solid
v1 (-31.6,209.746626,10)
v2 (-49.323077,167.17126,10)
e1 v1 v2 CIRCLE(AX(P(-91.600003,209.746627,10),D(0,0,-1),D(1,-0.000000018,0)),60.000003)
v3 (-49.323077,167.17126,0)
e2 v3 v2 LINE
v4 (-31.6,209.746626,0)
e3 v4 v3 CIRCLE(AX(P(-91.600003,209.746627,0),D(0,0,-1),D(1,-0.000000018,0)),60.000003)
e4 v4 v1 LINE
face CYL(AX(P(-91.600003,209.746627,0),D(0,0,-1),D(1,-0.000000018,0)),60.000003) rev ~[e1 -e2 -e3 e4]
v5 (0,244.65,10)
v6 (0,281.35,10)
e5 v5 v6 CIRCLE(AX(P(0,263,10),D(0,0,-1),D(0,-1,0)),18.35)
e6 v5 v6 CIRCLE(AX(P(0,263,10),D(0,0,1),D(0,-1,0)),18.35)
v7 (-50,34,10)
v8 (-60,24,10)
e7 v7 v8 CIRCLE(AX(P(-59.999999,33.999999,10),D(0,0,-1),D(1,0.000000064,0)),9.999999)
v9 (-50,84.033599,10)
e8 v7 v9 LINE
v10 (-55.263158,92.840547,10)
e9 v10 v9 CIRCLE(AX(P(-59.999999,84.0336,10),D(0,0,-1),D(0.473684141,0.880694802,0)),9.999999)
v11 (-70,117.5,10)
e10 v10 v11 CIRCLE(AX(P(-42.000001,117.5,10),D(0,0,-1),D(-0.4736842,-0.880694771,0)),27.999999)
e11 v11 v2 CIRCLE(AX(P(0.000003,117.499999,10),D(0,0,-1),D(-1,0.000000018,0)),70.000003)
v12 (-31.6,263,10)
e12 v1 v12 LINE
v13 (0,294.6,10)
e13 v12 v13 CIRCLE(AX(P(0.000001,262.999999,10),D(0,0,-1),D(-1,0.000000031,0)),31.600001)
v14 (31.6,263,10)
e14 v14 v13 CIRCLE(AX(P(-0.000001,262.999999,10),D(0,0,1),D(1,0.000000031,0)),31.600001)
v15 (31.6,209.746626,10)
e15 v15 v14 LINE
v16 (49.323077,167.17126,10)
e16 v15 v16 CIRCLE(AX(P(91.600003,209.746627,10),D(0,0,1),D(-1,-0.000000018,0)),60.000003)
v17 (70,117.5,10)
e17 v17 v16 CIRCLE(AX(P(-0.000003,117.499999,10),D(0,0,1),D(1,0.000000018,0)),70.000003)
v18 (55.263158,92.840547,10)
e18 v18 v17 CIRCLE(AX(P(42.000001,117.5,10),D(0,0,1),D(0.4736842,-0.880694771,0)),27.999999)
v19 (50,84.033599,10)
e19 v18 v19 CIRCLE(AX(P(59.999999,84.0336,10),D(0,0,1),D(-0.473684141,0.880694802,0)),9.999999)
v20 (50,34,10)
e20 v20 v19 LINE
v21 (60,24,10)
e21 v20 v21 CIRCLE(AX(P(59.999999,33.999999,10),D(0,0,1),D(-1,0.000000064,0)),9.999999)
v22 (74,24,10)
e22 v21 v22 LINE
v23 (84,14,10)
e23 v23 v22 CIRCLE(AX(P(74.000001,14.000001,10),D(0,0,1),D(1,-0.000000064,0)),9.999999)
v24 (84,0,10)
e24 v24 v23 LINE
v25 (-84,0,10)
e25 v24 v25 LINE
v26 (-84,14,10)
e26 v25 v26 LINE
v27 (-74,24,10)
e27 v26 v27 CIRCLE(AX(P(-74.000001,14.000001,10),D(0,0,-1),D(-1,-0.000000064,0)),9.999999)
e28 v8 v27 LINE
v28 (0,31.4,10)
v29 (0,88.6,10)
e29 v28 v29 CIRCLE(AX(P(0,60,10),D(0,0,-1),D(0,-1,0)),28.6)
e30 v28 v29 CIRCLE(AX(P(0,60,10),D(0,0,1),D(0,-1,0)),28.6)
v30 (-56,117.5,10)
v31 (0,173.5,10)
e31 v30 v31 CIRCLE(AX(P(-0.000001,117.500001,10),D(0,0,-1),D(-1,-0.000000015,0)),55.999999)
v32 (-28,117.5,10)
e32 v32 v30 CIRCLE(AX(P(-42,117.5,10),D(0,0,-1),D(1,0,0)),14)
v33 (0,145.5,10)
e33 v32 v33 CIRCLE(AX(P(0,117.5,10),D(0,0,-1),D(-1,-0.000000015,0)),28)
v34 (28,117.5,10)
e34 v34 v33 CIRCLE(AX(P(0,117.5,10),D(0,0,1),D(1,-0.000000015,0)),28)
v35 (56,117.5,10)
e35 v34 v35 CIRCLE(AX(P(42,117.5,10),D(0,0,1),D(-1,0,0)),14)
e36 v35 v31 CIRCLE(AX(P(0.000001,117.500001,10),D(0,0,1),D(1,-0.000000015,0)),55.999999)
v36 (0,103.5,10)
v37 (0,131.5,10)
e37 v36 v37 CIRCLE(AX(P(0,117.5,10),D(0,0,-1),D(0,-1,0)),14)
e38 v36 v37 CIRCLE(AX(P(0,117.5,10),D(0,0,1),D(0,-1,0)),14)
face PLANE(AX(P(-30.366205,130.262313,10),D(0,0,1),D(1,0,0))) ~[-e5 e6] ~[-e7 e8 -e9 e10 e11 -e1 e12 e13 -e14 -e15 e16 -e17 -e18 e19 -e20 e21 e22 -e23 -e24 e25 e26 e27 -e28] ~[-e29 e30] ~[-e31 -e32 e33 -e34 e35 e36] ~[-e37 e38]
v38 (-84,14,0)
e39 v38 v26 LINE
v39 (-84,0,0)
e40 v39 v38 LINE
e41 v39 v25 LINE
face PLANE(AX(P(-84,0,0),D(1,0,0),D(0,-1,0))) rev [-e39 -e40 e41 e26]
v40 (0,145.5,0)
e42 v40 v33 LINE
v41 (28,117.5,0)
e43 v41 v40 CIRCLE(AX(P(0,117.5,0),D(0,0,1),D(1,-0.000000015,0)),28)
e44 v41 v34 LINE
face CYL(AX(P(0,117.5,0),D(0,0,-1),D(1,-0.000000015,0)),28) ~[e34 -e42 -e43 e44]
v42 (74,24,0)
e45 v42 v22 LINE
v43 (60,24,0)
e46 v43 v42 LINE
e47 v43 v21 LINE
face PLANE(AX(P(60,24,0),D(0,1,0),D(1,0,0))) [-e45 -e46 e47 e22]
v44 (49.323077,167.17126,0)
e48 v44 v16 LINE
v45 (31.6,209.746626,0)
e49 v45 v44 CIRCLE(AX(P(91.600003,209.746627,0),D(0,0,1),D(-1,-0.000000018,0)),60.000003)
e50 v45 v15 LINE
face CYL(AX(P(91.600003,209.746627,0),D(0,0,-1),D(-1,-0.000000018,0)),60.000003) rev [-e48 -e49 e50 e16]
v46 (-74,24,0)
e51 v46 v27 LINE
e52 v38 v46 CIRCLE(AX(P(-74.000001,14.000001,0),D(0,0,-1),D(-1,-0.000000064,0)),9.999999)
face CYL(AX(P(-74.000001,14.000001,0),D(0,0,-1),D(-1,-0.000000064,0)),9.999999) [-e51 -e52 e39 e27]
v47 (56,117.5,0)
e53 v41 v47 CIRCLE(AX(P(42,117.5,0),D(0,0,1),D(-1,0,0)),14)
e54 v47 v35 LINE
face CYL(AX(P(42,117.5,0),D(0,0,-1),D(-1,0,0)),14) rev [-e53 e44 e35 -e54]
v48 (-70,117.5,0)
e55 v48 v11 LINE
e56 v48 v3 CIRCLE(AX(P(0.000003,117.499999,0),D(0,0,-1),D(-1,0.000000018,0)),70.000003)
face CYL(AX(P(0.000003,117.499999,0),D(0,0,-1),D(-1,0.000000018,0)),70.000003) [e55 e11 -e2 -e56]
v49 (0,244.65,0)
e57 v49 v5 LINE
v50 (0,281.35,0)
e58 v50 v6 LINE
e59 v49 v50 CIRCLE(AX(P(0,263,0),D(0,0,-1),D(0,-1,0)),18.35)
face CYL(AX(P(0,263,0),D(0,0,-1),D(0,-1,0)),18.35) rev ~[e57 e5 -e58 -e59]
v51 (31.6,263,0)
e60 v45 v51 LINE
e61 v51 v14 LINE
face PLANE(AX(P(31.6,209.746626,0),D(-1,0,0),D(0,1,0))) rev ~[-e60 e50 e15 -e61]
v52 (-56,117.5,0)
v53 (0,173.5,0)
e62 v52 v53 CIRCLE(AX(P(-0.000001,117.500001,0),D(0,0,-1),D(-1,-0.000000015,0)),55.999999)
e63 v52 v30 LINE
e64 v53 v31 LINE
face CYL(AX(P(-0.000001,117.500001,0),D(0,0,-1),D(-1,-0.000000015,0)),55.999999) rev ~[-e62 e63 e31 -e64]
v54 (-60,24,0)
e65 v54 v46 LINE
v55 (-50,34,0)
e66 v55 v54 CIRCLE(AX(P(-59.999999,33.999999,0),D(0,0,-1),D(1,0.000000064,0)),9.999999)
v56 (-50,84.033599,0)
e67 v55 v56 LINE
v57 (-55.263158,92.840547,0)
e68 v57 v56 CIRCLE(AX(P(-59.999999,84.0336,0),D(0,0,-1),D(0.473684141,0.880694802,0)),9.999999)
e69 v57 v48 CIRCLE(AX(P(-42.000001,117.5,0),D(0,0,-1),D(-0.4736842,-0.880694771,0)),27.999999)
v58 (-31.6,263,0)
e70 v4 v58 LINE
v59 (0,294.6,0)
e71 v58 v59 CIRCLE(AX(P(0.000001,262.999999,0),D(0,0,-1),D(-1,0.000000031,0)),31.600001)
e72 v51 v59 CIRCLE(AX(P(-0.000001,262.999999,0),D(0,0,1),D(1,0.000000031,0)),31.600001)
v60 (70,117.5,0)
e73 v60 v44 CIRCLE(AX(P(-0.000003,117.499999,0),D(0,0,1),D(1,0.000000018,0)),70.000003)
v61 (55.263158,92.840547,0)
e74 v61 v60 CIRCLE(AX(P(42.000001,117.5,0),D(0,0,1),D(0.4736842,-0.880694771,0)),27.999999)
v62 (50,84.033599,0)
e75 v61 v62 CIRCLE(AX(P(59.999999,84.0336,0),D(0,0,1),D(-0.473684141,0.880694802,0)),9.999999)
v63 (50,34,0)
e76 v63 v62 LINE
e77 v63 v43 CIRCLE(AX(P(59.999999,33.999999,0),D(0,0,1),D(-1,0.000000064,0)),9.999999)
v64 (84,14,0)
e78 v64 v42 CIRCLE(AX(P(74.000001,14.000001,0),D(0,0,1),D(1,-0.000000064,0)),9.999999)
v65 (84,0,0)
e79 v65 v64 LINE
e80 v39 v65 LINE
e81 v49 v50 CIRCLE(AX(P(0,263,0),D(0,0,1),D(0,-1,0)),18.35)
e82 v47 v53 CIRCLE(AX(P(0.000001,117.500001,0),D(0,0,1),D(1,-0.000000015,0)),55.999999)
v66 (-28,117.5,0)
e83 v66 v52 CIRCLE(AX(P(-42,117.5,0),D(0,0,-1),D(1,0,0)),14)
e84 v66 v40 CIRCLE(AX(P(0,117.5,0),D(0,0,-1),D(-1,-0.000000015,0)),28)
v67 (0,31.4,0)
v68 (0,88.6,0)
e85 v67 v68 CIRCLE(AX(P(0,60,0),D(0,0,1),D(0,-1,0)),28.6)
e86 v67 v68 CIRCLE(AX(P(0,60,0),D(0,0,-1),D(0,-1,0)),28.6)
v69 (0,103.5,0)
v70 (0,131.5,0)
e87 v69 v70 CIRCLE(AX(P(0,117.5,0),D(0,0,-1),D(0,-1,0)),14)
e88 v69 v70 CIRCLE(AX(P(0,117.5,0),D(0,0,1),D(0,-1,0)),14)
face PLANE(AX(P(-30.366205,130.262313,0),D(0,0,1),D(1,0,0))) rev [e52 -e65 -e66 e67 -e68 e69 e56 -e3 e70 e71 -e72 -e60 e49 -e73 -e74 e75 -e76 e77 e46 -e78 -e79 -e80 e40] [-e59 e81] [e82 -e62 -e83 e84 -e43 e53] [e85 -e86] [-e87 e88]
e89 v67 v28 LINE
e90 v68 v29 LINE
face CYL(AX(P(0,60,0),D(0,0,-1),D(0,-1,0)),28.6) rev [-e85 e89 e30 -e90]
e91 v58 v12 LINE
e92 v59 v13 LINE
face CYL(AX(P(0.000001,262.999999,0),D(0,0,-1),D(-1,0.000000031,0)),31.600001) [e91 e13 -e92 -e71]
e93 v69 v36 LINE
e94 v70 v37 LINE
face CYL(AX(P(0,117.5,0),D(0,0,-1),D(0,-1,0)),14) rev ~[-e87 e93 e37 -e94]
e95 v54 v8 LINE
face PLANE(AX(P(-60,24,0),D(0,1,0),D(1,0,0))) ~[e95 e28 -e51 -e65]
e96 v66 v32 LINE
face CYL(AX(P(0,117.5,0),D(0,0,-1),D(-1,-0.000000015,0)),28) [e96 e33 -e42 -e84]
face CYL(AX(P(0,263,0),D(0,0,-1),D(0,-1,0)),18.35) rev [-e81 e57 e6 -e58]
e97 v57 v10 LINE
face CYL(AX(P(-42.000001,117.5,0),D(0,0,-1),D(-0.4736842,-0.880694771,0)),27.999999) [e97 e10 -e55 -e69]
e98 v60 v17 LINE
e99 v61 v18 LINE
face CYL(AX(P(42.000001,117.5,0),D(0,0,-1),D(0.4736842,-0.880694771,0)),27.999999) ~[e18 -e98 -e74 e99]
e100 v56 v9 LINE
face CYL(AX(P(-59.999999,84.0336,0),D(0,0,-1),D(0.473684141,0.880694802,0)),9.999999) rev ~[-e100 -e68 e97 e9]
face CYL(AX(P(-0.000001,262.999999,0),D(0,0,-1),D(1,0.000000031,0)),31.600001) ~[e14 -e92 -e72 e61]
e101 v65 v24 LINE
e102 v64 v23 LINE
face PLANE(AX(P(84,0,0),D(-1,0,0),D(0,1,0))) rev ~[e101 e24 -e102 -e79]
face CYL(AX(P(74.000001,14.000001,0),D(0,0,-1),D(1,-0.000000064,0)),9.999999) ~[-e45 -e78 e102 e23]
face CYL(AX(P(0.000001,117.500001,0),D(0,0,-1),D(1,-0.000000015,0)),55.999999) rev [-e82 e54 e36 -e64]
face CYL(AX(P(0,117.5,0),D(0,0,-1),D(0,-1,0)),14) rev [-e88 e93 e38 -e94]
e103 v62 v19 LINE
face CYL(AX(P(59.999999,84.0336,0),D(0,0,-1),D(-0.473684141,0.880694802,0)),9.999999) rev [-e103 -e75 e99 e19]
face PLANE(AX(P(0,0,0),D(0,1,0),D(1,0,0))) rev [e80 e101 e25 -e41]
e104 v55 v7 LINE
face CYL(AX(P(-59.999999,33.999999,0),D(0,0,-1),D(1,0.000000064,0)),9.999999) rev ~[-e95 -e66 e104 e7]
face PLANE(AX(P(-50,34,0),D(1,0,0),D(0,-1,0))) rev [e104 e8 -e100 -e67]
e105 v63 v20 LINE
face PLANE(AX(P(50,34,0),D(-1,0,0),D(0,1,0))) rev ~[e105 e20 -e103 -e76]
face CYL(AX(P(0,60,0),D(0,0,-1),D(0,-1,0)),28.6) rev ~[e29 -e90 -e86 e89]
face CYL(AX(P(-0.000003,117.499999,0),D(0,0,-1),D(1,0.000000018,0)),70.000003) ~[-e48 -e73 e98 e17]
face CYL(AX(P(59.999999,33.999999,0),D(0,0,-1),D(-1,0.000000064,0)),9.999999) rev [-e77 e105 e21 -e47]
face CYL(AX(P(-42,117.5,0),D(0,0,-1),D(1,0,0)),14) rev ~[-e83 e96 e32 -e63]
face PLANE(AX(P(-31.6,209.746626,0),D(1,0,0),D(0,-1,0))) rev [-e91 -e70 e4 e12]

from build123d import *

# Parameters (mm, degrees)
PAD_DEPTH = 10


with BuildPart() as part:
    # Sketch → Pad (new body)
    with BuildSketch(Plane.XY):
        with BuildLine():
            Line((0, 0), (84, 0))
            Line((84, 0), (84, 14))
            ThreePointArc((84, 14), (81.071068, 21.071068), (74, 24))
            Line((60, 24), (74, 24))
            ThreePointArc((50, 34), (52.928932, 26.928932), (60, 24))
            Line((50, 34), (50, 84.033599))
            ThreePointArc((55.263158, 92.840547), (51.416049, 89.163491), (50, 84.033599))
            ThreePointArc((55.263158, 92.840547), (66.035062, 103.136303), (70, 117.5))
            ThreePointArc((70, 117.5), (64.624358, 144.40153), (49.323077, 167.17126))
            ThreePointArc((31.6, 209.746626), (36.207693, 186.688172), (49.323077, 167.17126))
            Line((31.6, 209.746626), (31.6, 263))
            ThreePointArc((31.6, 263), (22.344574, 285.344574), (0, 294.6))
            Line((0, 294.6), (0, 281.35))
            ThreePointArc((0, 244.65), (18.35, 263), (0, 281.35))
            Line((0, 244.65), (0, 173.5))
            ThreePointArc((56, 117.5), (39.59798, 157.09798), (0, 173.5))
            ThreePointArc((28, 117.5), (42, 103.5), (56, 117.5))
            ThreePointArc((28, 117.5), (19.79899, 137.29899), (0, 145.5))
            Line((0, 145.5), (0, 131.5))
            ThreePointArc((0, 103.5), (14, 117.5), (0, 131.5))
            Line((0, 103.5), (0, 88.6))
            ThreePointArc((0, 31.4), (28.6, 60), (0, 88.6))
            Line((0, 31.4), (0, 0))
        make_face()
    pad = extrude(amount=PAD_DEPTH)

    # Mirrored: Pad across Sketch V_Axis
    add(pad.mirror(Plane(origin=(0, 0, 0), x_dir=(0, 0, 1), z_dir=(1, 0, 0))))


solid = part.part
